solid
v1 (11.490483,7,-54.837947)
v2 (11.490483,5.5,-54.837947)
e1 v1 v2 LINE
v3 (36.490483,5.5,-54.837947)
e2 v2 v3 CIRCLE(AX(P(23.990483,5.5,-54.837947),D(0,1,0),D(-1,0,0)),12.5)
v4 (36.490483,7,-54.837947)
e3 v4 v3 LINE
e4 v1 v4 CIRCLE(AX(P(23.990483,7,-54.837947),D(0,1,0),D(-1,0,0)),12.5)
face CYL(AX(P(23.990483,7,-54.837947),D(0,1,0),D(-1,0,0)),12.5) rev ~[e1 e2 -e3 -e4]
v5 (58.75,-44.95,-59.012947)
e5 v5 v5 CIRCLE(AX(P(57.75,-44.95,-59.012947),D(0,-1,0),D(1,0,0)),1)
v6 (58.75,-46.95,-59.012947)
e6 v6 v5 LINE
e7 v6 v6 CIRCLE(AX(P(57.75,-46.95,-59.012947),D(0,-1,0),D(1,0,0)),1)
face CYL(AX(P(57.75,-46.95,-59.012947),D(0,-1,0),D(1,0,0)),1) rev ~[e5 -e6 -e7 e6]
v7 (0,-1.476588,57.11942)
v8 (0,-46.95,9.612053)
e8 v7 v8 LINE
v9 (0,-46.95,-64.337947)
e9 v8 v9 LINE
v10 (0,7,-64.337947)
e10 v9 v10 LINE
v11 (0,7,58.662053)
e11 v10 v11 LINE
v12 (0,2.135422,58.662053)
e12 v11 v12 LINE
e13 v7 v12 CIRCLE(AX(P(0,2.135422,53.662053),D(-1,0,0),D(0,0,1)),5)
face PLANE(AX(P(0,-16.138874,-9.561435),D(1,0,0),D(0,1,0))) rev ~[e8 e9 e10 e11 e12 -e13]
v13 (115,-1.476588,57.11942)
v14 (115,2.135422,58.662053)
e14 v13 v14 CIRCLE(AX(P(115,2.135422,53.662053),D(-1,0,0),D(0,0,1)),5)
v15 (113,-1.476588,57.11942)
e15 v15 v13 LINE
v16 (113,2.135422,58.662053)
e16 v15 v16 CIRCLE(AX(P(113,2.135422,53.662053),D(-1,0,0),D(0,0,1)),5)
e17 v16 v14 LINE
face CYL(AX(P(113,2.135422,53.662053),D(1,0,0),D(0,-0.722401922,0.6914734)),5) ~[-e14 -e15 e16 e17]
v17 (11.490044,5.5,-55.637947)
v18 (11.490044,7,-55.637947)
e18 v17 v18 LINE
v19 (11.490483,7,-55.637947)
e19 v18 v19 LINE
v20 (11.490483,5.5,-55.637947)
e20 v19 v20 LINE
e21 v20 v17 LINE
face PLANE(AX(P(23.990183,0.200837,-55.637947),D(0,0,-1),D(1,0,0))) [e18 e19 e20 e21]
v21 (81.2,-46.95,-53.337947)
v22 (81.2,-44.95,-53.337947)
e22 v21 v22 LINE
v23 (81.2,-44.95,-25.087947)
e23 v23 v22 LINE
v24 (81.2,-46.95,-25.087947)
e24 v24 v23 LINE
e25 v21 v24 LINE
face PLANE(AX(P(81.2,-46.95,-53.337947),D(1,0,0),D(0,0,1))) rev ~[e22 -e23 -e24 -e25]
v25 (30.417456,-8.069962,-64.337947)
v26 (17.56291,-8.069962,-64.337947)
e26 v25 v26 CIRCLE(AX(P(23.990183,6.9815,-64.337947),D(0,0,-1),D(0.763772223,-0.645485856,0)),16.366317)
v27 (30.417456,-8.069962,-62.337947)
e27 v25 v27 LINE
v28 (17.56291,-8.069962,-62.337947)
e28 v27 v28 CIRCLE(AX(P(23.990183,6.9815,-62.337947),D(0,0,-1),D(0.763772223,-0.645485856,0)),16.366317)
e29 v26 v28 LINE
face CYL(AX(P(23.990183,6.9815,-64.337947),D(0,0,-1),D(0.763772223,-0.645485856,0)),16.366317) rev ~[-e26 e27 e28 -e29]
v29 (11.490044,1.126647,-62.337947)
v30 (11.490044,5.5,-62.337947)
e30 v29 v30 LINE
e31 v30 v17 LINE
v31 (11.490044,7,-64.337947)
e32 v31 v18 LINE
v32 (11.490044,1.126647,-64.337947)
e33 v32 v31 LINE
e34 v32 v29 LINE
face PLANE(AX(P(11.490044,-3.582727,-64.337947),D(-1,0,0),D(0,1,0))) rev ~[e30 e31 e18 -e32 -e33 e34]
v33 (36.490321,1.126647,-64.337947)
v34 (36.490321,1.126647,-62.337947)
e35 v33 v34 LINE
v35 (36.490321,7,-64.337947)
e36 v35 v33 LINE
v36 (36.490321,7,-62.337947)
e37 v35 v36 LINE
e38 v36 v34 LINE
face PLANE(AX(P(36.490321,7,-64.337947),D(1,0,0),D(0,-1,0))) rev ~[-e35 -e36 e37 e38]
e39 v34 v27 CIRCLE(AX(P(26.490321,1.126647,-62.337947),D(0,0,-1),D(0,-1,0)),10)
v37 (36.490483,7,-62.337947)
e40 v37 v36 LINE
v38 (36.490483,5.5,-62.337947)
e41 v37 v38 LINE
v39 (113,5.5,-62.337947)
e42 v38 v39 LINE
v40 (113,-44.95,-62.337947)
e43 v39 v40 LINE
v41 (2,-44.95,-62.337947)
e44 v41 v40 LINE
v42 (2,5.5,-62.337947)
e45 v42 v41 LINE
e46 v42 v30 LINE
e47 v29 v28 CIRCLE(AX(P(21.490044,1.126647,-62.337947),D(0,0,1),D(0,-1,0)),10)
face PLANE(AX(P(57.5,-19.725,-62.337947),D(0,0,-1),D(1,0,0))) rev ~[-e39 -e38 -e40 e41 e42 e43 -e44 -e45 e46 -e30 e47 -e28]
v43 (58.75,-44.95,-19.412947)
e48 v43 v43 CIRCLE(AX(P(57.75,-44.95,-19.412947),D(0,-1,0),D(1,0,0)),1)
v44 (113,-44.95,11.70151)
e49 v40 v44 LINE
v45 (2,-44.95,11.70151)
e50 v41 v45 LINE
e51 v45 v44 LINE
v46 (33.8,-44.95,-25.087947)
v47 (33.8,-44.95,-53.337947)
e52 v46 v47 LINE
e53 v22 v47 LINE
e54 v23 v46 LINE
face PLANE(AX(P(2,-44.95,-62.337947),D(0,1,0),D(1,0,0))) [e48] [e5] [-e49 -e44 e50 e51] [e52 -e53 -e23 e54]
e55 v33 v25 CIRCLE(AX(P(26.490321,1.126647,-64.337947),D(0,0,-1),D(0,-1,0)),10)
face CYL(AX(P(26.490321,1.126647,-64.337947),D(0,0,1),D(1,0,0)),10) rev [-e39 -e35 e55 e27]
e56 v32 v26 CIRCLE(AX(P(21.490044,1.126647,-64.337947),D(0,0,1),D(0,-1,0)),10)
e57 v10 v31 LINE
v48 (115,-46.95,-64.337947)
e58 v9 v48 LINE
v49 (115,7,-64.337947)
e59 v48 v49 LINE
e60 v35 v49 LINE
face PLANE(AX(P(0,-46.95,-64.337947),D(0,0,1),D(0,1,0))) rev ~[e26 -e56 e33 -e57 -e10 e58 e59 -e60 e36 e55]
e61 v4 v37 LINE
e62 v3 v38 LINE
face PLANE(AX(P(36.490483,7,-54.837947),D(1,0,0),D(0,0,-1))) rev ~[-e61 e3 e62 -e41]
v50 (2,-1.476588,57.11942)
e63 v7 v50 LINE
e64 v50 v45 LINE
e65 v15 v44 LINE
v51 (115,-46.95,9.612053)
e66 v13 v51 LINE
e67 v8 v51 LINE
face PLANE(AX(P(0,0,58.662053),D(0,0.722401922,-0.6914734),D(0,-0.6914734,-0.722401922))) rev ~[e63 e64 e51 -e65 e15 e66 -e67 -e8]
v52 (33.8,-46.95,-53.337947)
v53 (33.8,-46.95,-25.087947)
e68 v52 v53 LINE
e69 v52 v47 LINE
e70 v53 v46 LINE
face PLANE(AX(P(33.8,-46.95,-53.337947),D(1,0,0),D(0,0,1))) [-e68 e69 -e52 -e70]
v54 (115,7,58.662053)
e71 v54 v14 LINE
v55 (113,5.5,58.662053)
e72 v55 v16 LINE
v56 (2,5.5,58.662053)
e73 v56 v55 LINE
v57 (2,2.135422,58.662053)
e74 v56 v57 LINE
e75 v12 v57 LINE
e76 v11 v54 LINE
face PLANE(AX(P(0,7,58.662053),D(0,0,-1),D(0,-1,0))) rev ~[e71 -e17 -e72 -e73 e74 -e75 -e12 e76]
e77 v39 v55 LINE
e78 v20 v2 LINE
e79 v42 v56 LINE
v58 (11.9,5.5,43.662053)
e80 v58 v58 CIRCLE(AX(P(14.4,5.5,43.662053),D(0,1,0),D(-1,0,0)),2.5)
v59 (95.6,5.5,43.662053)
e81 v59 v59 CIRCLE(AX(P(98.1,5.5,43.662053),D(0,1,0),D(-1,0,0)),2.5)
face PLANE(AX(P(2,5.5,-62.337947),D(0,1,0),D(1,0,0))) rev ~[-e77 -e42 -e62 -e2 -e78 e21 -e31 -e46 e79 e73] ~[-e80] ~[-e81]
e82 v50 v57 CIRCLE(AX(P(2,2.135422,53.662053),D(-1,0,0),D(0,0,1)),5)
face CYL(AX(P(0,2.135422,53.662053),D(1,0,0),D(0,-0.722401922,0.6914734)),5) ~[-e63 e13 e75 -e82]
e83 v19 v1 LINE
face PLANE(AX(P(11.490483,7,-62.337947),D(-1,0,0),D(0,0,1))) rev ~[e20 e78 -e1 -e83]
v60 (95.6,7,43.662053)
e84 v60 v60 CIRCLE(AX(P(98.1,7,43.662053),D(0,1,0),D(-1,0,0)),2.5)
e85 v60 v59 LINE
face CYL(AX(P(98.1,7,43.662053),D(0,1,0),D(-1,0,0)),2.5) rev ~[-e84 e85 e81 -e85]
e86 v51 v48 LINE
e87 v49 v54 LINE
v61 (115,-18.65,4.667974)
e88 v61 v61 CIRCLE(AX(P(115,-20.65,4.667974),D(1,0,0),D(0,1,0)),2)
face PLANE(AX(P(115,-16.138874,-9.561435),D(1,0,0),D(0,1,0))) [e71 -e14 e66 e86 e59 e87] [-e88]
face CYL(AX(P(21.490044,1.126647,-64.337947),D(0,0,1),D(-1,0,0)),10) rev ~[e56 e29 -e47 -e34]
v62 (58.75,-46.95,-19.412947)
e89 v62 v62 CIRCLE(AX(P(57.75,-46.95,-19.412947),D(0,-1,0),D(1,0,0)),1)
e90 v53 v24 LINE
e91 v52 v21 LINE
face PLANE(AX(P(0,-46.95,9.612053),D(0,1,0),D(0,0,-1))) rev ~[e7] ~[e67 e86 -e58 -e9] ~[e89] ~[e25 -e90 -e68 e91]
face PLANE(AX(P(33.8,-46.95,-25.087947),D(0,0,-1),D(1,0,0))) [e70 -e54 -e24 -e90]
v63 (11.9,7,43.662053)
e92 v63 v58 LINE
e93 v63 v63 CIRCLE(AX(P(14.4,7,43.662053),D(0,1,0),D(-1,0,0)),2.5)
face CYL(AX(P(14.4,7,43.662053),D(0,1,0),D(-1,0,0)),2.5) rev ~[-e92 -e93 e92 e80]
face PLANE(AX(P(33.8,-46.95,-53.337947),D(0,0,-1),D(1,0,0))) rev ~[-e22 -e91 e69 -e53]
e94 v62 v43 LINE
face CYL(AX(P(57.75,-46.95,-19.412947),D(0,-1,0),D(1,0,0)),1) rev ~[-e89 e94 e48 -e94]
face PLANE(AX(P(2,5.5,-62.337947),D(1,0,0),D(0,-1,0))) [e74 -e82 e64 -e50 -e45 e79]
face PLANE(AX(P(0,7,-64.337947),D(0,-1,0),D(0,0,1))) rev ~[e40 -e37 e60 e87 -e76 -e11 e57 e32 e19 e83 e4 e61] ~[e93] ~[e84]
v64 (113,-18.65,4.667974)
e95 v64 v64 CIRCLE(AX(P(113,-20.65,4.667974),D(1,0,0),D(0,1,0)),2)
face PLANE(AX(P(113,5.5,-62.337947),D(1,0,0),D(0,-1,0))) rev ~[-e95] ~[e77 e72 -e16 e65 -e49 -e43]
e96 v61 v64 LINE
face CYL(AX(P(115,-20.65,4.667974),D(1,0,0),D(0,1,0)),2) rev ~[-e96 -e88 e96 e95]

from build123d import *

# Parameters (mm, degrees)
F1_DEPTH  = 115
F3_START  = -2
F2_W      = 111
F2_H      = 50.45
F3_DEPTH  = 173.4
F4_W      = 47.4
F4_H      = 28.25
F4_R      = 1
F5_DEPTH  = 25
F7_DEPTH  = 2
F8_R      = 2.5
F9_DEPTH  = 5.7
F10_R     = 2
F11_DEPTH = 25
F12_R     = 5
F14_DEPTH = 8.7
F15_R     = 10


with BuildPart() as f1:
    # F0 (on Right) → F1 (new body)
    with BuildSketch(Plane.YZ):
        Polygon((-46.95, 9.6120529463), (-46.95, -64.3379470537), (7, -64.3379470537), (7, 30.95759285), (7, 58.6620529463), (0, 58.6620529463), align=None)
    extrude(amount=F1_DEPTH)

    # F2 (on face) → F3 (cut)
    with BuildSketch(Plane(origin=(0, 0, -64.3379470537), x_dir=(1, 0, 0), z_dir=(0, 0, -1)).offset(F3_START)):
        with Locations((57.5, 19.725)):
            Rectangle(F2_W, F2_H)
    extrude(amount=-F3_DEPTH, mode=Mode.SUBTRACT)

    # F4 (on face) → F5 (cut)
    with BuildSketch(Plane.XZ.offset(46.95)):
        with Locations((57.5, -39.2129470537)):
            Rectangle(F4_W, F4_H)
        with Locations((57.75, -19.4129470537)):
            Circle(F4_R)
        with Locations((57.75, -59.0129470537)):
            Circle(F4_R)
    extrude(amount=-F5_DEPTH, mode=Mode.SUBTRACT)

    # F6 (on face) → F7 (cut)
    with BuildSketch(Plane(origin=(0, 7, 0), x_dir=(-1, 0, 0), z_dir=(0, 1, 0))):
        with BuildLine():
            Line((-36.4904825576, -54.8379470537), (-36.4904825576, -62.3379470537))
            Line((-36.4904825576, -62.3379470537), (-11.4904825576, -62.3379470537))
            Line((-11.4904825576, -62.3379470537), (-11.4904825576, -54.8379470537))
            ThreePointArc((-11.4904825576, -54.8379470537), (-23.9904825576, -42.3379470537), (-36.4904825576, -54.8379470537))
        make_face()
    extrude(amount=-F7_DEPTH, mode=Mode.SUBTRACT)

    # F8 (on face) → F9 (cut)
    with BuildSketch(Plane(origin=(0, 7, 0), x_dir=(-1, 0, 0), z_dir=(0, 1, 0))):
        with Locations((-98.1, 43.6620529463)):
            Circle(F8_R)
        with Locations((-14.4, 43.6620529463)):
            Circle(F8_R)
    extrude(amount=-F9_DEPTH, mode=Mode.SUBTRACT)

    # F10 (on face) → F11 (cut)
    with BuildSketch(Plane.YZ.offset(115)):
        with Locations((-20.65, 4.6679739505)):
            Circle(F10_R)
    extrude(amount=-F11_DEPTH, mode=Mode.SUBTRACT)

    # F12
    f12_edges = [f1.edges().sort_by_distance(p)[0] for p in [
        (1, 0, 58.662053),
        (114, 0, 58.662053),
    ]]
    fillet(f12_edges, radius=F12_R)

    # F13 (on face) → F14 (cut)
    with BuildSketch(Plane(origin=(0, 0, -64.3379470537), x_dir=(1, 0, 0), z_dir=(0, 0, -1))):
        with BuildLine():
            Line((11.490044184, 3.5827266984), (11.490044184, -7))
            Line((11.490044184, -7), (36.4903211594, -7))
            Line((36.4903211594, -7), (36.4903211594, 3.5827266984))
            ThreePointArc((36.4903211594, 3.5827266984), (23.9901826717, 9.3848176292), (11.490044184, 3.5827266984))
        make_face()
    extrude(amount=-F14_DEPTH, mode=Mode.SUBTRACT)

    # F15
    f15_edges = [f1.edges().sort_by_distance(p)[0] for p in [
        (36.490321, -3.582727, -63.337947),
        (11.490044, -3.582727, -63.337947),
    ]]
    fillet(f15_edges, radius=F15_R)


solid = f1.part
